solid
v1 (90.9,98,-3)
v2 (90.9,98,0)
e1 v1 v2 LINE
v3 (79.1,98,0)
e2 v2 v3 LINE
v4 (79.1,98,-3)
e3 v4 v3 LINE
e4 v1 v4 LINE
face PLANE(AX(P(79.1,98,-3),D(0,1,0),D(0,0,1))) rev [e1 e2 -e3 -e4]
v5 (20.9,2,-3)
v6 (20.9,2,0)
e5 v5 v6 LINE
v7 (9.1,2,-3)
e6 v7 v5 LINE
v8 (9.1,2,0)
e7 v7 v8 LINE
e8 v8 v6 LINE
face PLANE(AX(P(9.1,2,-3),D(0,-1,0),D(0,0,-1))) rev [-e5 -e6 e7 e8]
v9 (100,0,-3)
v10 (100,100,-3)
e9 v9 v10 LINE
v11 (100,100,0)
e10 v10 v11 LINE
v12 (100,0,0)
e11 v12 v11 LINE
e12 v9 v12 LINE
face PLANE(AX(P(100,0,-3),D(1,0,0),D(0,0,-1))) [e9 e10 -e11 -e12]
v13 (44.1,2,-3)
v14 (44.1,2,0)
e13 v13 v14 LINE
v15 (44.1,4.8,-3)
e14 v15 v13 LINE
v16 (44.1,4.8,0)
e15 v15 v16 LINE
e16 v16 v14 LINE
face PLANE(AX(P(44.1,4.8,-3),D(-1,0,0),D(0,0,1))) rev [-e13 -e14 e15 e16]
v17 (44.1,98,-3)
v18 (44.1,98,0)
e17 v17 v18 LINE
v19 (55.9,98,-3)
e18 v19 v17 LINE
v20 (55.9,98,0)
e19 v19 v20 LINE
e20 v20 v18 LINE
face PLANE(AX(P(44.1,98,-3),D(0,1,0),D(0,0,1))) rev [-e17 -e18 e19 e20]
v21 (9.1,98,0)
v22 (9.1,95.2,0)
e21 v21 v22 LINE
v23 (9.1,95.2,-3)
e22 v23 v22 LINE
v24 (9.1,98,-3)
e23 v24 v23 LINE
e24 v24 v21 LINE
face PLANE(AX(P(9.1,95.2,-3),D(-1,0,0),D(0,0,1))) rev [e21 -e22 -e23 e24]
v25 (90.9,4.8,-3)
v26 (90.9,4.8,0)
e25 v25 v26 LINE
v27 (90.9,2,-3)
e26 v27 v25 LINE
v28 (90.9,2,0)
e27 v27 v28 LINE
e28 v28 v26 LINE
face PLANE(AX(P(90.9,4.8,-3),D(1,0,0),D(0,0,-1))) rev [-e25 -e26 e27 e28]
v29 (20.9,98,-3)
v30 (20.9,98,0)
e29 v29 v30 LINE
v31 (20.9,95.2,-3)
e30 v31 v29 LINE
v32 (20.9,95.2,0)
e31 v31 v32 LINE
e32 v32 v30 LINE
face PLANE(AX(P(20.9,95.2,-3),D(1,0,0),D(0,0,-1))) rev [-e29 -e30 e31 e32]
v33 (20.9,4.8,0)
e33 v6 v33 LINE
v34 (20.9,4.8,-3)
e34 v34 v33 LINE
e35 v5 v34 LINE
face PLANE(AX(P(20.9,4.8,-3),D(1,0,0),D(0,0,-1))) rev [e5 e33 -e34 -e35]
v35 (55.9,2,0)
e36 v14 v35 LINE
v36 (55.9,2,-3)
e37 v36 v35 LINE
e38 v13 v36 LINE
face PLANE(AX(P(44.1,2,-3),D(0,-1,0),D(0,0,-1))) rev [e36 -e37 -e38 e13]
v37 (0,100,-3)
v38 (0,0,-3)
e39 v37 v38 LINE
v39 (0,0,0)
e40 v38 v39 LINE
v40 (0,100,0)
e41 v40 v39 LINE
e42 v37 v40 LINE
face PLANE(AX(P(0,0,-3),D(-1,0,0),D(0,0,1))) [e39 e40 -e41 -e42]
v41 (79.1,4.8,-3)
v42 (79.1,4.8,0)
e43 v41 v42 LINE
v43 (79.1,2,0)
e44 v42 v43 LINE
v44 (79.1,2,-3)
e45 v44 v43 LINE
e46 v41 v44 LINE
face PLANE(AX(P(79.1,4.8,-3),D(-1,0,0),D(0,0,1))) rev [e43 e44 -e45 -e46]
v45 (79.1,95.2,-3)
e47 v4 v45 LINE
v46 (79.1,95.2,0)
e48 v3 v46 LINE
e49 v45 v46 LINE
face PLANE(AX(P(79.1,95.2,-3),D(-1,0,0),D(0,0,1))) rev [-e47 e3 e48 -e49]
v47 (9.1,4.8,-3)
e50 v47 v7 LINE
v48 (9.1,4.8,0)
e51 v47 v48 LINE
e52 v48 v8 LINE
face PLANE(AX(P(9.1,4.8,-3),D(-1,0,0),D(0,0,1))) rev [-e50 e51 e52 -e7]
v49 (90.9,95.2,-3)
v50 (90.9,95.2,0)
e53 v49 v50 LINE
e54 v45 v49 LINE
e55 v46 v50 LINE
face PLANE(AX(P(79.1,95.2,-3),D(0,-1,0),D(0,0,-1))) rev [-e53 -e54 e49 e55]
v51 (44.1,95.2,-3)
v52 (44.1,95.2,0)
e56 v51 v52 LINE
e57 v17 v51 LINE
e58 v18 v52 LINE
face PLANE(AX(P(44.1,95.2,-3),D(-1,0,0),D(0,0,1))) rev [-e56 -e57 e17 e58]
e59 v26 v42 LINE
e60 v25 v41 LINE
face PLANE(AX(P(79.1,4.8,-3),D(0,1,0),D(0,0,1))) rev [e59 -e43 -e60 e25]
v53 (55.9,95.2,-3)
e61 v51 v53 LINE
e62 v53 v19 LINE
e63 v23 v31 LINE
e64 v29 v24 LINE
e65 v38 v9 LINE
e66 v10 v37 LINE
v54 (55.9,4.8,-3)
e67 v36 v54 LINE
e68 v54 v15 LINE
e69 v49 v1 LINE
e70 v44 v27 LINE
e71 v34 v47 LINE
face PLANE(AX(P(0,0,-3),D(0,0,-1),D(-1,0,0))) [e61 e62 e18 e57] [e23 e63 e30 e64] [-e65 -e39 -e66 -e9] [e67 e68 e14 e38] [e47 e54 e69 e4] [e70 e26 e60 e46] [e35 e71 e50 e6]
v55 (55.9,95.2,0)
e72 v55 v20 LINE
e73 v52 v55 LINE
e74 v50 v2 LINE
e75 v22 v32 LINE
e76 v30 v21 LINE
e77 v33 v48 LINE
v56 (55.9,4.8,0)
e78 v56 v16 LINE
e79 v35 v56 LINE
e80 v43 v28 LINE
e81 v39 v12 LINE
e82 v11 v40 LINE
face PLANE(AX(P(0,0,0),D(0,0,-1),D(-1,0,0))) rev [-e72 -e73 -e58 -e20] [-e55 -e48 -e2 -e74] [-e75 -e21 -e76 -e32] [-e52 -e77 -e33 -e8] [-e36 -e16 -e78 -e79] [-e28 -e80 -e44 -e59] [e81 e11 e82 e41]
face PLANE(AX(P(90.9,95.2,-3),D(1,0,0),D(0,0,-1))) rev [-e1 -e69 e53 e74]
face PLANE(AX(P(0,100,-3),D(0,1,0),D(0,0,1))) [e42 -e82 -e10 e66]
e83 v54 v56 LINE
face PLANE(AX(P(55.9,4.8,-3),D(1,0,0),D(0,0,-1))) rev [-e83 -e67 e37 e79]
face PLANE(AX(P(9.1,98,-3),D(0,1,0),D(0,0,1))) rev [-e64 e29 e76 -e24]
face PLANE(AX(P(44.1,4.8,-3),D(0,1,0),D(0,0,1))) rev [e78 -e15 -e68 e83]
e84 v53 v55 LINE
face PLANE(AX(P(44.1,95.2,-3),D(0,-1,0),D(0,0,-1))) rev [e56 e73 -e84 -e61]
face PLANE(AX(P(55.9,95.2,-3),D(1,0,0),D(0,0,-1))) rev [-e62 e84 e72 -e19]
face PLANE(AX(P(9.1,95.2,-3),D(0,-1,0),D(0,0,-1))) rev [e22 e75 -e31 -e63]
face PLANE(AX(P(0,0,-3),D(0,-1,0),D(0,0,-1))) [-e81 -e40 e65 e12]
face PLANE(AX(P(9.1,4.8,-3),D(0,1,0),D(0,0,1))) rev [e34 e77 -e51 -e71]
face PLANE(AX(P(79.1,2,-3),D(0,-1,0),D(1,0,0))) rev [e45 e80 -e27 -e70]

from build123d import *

# Parameters (mm, degrees)
SKETCH_1_W      = 100
SKETCH_1_H      = 100
SKETCH_1_W_2    = 11.8
SKETCH_1_H_2    = 2.8
EXTRUDE_1_DEPTH = 3


with BuildPart() as part:
    # Эскиз1 → Бобышка-Вытянуть1 (new body)
    with BuildSketch(Plane.XY):
        with Locations((50, 50)):
            Rectangle(SKETCH_1_W, SKETCH_1_H)
        with Locations((15, 3.4)):
            Rectangle(SKETCH_1_W_2, SKETCH_1_H_2, mode=Mode.SUBTRACT)
        with Locations((50, 3.4)):
            Rectangle(SKETCH_1_W_2, SKETCH_1_H_2, mode=Mode.SUBTRACT)
        with Locations((85, 3.4)):
            Rectangle(SKETCH_1_W_2, SKETCH_1_H_2, mode=Mode.SUBTRACT)
        with Locations((85, 96.6)):
            Rectangle(SKETCH_1_W_2, SKETCH_1_H_2, mode=Mode.SUBTRACT)
        with Locations((50, 96.6)):
            Rectangle(SKETCH_1_W_2, SKETCH_1_H_2, mode=Mode.SUBTRACT)
        with Locations((15, 96.6)):
            Rectangle(SKETCH_1_W_2, SKETCH_1_H_2, mode=Mode.SUBTRACT)
    extrude(amount=-EXTRUDE_1_DEPTH)


solid = part.part
